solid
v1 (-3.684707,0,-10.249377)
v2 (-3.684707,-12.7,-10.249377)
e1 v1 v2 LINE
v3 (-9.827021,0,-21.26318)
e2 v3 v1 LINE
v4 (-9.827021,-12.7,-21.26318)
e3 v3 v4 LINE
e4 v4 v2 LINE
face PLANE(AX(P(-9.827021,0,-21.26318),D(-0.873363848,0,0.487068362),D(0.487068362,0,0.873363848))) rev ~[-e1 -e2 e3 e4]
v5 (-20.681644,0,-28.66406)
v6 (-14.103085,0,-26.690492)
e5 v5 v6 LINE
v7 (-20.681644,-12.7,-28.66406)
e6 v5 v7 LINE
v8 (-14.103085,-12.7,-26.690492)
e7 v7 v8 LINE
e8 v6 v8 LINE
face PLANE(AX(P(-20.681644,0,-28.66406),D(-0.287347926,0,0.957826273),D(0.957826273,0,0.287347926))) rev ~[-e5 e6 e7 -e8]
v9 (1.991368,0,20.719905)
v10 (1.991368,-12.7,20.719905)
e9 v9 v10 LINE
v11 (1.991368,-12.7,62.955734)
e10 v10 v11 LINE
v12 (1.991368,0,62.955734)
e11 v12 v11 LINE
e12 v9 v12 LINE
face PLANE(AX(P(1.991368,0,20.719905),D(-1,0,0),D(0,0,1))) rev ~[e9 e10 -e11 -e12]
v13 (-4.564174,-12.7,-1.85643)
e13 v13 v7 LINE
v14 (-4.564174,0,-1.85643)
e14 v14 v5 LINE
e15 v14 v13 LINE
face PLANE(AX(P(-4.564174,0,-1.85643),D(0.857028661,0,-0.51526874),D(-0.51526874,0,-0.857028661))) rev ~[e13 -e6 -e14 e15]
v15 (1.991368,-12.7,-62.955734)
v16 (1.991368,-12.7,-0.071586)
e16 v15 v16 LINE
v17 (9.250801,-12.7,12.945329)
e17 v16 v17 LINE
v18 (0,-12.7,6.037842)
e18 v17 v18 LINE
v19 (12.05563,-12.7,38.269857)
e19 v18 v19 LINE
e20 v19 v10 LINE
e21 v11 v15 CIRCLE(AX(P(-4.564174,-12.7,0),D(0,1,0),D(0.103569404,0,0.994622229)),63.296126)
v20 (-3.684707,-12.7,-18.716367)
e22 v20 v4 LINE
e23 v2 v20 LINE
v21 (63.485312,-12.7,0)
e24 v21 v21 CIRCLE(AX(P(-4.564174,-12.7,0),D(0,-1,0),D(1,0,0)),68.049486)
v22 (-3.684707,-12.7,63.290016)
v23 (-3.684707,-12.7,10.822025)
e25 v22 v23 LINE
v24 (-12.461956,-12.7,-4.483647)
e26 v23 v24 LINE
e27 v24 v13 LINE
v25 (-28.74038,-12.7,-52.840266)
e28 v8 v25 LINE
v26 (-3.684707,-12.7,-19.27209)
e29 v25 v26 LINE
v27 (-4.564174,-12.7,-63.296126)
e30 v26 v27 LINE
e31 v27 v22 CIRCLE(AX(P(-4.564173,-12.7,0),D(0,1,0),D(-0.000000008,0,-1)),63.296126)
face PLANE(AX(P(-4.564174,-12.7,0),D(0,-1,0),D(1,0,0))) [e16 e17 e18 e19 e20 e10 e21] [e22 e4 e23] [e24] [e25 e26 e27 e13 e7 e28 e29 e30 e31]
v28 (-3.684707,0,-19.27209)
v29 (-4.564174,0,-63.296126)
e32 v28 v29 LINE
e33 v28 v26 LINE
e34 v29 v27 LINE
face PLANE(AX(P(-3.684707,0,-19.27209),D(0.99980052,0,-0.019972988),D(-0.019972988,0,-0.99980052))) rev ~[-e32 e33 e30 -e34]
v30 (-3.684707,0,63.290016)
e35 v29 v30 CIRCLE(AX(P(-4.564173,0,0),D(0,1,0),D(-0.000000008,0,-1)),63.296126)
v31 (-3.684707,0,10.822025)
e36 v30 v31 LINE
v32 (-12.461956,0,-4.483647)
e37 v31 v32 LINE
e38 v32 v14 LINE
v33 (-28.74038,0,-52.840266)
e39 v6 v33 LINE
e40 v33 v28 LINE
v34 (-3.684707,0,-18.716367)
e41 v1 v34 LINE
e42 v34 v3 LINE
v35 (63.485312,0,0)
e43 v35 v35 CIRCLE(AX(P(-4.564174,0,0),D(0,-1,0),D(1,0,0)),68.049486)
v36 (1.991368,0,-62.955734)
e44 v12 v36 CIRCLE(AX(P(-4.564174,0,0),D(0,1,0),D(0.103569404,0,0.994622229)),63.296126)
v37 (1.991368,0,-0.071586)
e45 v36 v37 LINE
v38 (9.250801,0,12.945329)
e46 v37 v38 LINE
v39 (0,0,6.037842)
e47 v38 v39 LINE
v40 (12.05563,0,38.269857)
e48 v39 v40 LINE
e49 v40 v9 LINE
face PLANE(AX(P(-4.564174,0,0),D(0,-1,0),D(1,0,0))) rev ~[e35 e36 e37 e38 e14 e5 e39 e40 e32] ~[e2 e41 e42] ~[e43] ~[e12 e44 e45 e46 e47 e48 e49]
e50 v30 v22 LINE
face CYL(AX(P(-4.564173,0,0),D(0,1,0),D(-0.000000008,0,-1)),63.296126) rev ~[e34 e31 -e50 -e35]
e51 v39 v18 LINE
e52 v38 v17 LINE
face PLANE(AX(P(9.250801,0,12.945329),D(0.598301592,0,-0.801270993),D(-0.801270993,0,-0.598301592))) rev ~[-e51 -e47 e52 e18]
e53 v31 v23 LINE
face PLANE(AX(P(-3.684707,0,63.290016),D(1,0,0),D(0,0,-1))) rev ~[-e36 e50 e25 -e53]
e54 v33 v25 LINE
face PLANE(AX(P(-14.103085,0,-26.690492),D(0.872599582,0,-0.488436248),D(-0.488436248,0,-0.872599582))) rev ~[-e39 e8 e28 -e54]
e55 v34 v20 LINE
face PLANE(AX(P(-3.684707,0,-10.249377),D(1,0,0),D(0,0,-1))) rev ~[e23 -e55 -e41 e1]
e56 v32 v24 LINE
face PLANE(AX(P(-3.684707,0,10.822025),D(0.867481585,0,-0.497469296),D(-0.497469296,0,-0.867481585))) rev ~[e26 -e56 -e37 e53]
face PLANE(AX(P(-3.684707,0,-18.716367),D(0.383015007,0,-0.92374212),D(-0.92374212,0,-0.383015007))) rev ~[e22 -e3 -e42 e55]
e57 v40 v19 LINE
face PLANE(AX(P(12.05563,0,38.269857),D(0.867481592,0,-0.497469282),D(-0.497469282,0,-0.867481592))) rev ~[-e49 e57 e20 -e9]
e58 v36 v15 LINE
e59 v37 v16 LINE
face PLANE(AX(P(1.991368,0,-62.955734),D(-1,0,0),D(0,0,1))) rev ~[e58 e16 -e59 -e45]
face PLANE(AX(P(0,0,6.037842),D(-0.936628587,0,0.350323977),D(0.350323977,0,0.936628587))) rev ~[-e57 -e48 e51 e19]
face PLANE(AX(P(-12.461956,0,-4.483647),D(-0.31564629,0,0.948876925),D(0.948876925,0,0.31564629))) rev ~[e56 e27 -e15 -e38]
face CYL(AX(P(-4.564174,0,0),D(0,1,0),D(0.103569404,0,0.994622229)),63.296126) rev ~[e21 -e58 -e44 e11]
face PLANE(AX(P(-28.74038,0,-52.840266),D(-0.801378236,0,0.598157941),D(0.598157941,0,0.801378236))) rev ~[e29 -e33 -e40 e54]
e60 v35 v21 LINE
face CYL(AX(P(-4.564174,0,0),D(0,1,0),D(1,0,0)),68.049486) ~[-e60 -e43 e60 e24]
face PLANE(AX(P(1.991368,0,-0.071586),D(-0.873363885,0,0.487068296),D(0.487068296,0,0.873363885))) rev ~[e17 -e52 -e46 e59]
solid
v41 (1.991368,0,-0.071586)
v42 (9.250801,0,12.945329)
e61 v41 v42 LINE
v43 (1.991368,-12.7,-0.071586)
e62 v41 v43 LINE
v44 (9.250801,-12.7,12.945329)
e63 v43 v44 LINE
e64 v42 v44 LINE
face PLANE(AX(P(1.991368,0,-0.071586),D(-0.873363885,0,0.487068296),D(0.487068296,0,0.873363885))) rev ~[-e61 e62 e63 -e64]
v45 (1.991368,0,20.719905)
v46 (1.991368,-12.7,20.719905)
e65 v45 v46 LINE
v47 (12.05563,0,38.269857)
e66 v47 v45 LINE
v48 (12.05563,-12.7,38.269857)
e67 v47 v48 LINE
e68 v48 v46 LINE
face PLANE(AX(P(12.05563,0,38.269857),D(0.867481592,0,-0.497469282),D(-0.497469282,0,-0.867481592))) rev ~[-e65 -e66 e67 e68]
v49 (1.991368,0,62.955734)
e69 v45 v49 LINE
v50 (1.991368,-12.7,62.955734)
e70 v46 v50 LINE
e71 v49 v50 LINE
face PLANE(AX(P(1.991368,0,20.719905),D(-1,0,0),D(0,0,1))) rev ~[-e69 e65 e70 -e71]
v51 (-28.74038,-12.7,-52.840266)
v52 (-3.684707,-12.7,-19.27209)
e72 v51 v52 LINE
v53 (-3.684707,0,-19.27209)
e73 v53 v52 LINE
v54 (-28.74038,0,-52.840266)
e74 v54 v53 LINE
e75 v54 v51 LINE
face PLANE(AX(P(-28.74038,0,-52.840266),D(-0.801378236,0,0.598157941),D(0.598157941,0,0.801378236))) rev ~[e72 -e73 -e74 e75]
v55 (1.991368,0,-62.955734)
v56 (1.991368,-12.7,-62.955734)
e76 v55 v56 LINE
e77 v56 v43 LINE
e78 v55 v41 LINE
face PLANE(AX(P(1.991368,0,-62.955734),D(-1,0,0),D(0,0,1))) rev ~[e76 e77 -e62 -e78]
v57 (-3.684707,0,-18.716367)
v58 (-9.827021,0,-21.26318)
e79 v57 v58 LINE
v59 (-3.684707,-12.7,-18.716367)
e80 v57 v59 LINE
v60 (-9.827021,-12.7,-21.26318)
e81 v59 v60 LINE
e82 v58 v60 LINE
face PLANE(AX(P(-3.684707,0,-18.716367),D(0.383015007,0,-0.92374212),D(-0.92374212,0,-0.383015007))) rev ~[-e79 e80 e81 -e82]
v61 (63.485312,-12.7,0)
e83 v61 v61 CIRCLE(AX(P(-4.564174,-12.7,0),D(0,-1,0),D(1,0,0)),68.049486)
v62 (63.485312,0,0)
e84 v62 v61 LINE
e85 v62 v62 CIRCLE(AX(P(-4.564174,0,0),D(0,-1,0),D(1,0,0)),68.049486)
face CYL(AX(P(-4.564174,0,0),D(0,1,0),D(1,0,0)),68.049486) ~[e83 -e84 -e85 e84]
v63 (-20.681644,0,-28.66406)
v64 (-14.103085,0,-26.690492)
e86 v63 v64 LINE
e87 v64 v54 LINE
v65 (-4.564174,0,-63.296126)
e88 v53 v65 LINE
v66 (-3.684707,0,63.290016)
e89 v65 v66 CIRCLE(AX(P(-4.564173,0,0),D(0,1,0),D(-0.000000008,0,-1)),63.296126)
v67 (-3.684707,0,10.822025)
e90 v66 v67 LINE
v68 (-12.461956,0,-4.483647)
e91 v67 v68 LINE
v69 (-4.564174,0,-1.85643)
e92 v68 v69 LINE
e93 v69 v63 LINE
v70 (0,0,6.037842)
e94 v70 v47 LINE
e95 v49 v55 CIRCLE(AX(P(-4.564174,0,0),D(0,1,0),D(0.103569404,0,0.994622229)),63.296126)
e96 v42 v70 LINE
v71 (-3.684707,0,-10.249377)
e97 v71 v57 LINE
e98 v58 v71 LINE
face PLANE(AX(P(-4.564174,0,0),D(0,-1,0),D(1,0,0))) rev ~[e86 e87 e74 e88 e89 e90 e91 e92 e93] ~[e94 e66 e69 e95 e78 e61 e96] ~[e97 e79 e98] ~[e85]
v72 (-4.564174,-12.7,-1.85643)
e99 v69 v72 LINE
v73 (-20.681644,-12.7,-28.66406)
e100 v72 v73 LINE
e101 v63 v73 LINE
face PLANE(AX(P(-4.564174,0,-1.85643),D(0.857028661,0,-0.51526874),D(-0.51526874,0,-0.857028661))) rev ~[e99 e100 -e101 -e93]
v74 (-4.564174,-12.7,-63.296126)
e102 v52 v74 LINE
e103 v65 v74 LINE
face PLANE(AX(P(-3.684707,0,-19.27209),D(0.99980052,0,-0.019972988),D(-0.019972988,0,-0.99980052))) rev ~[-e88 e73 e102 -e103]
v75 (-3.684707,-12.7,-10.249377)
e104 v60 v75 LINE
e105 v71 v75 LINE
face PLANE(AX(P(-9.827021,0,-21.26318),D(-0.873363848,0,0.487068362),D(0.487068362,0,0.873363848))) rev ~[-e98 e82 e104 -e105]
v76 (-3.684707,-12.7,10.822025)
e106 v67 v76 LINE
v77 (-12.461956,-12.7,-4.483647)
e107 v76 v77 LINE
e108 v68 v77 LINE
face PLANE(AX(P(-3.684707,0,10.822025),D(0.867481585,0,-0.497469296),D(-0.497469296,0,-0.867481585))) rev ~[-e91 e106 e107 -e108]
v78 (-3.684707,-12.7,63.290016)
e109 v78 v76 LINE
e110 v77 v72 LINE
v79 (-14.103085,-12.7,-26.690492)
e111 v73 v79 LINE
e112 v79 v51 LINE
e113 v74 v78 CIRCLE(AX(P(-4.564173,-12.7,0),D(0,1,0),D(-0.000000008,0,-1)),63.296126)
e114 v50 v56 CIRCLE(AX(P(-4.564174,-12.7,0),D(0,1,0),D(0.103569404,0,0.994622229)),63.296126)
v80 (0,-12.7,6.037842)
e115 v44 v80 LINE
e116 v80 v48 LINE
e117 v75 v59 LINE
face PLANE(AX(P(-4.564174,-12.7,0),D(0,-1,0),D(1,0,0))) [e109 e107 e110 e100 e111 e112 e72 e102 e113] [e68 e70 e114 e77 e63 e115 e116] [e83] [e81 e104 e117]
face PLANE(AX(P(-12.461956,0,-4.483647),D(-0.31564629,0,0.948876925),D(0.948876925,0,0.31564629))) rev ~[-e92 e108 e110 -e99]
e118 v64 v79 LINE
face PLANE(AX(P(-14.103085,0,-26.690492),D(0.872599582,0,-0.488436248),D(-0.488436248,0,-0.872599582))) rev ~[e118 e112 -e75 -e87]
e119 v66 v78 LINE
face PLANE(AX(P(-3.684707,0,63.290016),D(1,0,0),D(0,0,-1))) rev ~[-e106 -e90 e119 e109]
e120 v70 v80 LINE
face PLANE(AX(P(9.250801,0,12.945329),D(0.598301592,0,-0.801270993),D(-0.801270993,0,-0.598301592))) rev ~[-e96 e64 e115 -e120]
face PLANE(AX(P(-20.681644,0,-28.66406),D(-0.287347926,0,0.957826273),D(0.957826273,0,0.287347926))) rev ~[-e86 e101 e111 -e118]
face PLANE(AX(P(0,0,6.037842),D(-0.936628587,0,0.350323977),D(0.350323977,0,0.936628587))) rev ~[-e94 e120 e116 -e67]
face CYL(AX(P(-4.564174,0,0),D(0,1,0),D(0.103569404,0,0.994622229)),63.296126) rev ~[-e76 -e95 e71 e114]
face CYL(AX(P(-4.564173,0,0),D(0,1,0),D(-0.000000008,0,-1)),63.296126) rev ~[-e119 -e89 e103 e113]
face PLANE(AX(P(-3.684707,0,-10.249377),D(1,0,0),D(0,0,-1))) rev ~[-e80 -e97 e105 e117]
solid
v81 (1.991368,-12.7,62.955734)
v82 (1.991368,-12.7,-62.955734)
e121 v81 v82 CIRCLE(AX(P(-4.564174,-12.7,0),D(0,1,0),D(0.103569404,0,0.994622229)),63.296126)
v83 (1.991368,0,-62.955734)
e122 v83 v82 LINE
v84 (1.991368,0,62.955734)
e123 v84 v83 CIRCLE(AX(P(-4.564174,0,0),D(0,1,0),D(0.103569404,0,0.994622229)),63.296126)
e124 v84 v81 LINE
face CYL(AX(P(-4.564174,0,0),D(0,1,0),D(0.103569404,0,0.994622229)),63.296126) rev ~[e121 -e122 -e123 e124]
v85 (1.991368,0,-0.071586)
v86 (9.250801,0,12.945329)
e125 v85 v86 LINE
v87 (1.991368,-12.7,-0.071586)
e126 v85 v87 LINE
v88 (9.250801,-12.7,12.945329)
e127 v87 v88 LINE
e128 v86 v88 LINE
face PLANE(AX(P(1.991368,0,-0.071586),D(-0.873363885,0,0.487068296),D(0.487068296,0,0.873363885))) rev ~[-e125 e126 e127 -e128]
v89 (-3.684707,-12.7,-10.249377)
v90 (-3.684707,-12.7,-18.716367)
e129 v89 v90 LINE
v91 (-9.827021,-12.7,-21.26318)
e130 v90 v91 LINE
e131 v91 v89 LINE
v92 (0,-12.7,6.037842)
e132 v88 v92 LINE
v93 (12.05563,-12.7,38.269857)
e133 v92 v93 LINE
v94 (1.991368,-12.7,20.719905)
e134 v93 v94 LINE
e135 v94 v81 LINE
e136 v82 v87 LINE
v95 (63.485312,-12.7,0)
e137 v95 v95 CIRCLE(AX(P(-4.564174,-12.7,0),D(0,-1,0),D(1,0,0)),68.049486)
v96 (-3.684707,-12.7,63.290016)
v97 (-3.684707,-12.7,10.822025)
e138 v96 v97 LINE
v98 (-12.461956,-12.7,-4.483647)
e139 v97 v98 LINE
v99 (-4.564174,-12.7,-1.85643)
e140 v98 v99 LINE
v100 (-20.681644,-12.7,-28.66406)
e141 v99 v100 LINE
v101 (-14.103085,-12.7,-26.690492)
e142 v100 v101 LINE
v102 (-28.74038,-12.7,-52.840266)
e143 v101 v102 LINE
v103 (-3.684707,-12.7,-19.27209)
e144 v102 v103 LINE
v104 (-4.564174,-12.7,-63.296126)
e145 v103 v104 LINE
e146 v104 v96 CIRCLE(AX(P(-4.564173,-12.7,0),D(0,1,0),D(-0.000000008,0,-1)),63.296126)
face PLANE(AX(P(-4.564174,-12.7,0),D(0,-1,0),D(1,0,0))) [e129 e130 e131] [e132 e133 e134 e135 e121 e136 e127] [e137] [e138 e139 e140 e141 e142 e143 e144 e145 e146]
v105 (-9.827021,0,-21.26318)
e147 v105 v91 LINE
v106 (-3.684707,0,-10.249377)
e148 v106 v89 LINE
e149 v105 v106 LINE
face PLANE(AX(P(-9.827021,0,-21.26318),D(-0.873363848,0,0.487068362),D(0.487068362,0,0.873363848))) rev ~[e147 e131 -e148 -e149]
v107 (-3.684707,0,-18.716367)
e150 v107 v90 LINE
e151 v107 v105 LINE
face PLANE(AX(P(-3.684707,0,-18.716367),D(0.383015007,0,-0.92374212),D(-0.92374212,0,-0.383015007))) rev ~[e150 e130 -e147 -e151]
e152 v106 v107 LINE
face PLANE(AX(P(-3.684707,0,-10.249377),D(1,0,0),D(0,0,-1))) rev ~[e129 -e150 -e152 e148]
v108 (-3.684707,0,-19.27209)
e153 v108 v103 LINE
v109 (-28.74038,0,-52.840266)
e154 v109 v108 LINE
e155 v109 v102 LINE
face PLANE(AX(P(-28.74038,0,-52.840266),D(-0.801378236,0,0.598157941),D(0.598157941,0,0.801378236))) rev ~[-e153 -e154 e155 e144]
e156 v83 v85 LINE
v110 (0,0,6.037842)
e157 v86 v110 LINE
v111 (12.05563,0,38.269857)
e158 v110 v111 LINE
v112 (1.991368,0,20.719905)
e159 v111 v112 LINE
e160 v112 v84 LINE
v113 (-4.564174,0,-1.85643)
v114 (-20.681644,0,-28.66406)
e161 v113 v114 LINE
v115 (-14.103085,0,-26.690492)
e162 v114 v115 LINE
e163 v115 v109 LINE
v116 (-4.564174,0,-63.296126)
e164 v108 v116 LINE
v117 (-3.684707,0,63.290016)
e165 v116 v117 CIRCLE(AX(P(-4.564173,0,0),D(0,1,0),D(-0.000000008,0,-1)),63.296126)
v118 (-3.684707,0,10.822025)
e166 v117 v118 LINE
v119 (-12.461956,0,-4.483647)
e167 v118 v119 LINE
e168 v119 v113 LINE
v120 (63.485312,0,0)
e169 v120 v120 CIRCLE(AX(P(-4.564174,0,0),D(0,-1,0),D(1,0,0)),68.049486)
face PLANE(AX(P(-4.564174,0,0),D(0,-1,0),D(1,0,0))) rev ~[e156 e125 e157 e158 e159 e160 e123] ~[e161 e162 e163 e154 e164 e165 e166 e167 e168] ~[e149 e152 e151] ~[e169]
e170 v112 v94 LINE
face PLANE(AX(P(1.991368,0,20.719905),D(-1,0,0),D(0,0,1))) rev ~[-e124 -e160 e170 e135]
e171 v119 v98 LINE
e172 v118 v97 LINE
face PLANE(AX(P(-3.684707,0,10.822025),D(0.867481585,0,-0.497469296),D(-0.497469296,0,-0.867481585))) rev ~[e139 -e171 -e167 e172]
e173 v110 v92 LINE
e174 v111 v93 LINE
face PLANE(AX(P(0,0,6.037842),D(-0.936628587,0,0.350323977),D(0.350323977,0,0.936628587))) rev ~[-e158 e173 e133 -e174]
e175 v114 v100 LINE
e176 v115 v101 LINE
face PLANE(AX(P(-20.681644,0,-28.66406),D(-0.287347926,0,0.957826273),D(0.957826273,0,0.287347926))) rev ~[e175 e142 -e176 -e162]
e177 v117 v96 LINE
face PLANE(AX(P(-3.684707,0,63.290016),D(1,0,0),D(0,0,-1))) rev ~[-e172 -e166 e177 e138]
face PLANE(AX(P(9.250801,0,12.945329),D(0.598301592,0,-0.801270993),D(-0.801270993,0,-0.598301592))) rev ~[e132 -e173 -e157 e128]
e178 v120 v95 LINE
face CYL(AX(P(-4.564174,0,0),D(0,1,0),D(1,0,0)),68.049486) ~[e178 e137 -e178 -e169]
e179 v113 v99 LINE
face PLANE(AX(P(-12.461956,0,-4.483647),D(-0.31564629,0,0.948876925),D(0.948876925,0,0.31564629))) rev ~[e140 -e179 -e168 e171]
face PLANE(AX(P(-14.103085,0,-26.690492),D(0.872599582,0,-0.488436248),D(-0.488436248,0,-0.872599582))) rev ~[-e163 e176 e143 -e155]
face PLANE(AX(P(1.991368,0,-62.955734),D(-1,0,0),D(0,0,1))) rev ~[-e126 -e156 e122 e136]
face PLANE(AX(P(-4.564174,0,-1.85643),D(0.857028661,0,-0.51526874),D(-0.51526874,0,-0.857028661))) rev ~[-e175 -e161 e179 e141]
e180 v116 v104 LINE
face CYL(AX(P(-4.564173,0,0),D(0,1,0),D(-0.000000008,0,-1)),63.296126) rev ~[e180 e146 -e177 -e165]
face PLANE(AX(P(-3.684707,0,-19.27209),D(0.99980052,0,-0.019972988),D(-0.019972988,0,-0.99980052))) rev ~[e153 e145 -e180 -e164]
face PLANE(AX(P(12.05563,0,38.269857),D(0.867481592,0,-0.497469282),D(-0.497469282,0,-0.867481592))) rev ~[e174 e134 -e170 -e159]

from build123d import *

# Parameters (mm, degrees)
F0_R     = 68.049486
F1_DEPTH = 12.7
F2_DEPTH = 12.7
F3_DEPTH = 12.7


with BuildPart() as f1:
    # F0 (on Front) → F1 (new body)
    with BuildSketch(Plane.XZ):
        with Locations((-4.564174, 0)):
            Circle(F0_R)
        with BuildLine():
            Line((-3.684707, 10.822025), (-12.461956, -4.483647))
            Line((-12.461956, -4.483647), (-4.564174, -1.85643))
            Line((-4.564174, -1.85643), (-20.681644, -28.66406))
            Line((-20.681644, -28.66406), (-14.103085, -26.690492))
            Line((-14.103085, -26.690492), (-28.74038, -52.840266))
            Line((-28.74038, -52.840266), (-3.684707, -19.27209))
            Line((-3.684707, -19.27209), (-4.564174, -63.296126))
            ThreePointArc((-4.564174, -63.296126), (-67.858772, 0.439744), (-3.684707, 63.290016))
            Line((-3.684707, 63.290016), (-3.684707, 10.822025))
        make_face(mode=Mode.SUBTRACT)
        Polygon((-3.684707, -10.249377), (-3.684707, -18.716367), (-9.827021, -21.26318), align=None, mode=Mode.SUBTRACT)
        with BuildLine():
            Line((0, 6.037842), (12.05563, 38.269857))
            Line((12.05563, 38.269857), (1.991368, 20.719905))
            Line((1.991368, 20.719905), (1.991368, 62.955734))
            ThreePointArc((1.991368, 62.955734), (58.731952, 0), (1.991368, -62.955734))
            Line((1.991368, -62.955734), (1.991368, -0.071586))
            Line((1.991368, -0.071586), (9.250801, 12.945329))
            Line((9.250801, 12.945329), (0, 6.037842))
        make_face(mode=Mode.SUBTRACT)
    extrude(amount=F1_DEPTH)


with BuildPart() as f2:
    # F0 (on Front) → F2 (new body)
    with BuildSketch(Plane.XZ):
        with Locations((-4.564174, 0)):
            Circle(F0_R)
        with BuildLine():
            Line((-3.684707, 10.822025), (-12.461956, -4.483647))
            Line((-12.461956, -4.483647), (-4.564174, -1.85643))
            Line((-4.564174, -1.85643), (-20.681644, -28.66406))
            Line((-20.681644, -28.66406), (-14.103085, -26.690492))
            Line((-14.103085, -26.690492), (-28.74038, -52.840266))
            Line((-28.74038, -52.840266), (-3.684707, -19.27209))
            Line((-3.684707, -19.27209), (-4.564174, -63.296126))
            ThreePointArc((-4.564174, -63.296126), (-67.858772, 0.439744), (-3.684707, 63.290016))
            Line((-3.684707, 63.290016), (-3.684707, 10.822025))
        make_face(mode=Mode.SUBTRACT)
        Polygon((-3.684707, -10.249377), (-3.684707, -18.716367), (-9.827021, -21.26318), align=None, mode=Mode.SUBTRACT)
        with BuildLine():
            Line((0, 6.037842), (12.05563, 38.269857))
            Line((12.05563, 38.269857), (1.991368, 20.719905))
            Line((1.991368, 20.719905), (1.991368, 62.955734))
            ThreePointArc((1.991368, 62.955734), (58.731952, 0), (1.991368, -62.955734))
            Line((1.991368, -62.955734), (1.991368, -0.071586))
            Line((1.991368, -0.071586), (9.250801, 12.945329))
            Line((9.250801, 12.945329), (0, 6.037842))
        make_face(mode=Mode.SUBTRACT)
    extrude(amount=F2_DEPTH)


with BuildPart() as f3:
    # F0 (on Front) → F3 (new body)
    with BuildSketch(Plane.XZ):
        with Locations((-4.564174, 0)):
            Circle(F0_R)
        with BuildLine():
            Line((-3.684707, 10.822025), (-12.461956, -4.483647))
            Line((-12.461956, -4.483647), (-4.564174, -1.85643))
            Line((-4.564174, -1.85643), (-20.681644, -28.66406))
            Line((-20.681644, -28.66406), (-14.103085, -26.690492))
            Line((-14.103085, -26.690492), (-28.74038, -52.840266))
            Line((-28.74038, -52.840266), (-3.684707, -19.27209))
            Line((-3.684707, -19.27209), (-4.564174, -63.296126))
            ThreePointArc((-4.564174, -63.296126), (-67.858772, 0.439744), (-3.684707, 63.290016))
            Line((-3.684707, 63.290016), (-3.684707, 10.822025))
        make_face(mode=Mode.SUBTRACT)
        Polygon((-3.684707, -10.249377), (-3.684707, -18.716367), (-9.827021, -21.26318), align=None, mode=Mode.SUBTRACT)
        with BuildLine():
            Line((0, 6.037842), (12.05563, 38.269857))
            Line((12.05563, 38.269857), (1.991368, 20.719905))
            Line((1.991368, 20.719905), (1.991368, 62.955734))
            ThreePointArc((1.991368, 62.955734), (58.731952, 0), (1.991368, -62.955734))
            Line((1.991368, -62.955734), (1.991368, -0.071586))
            Line((1.991368, -0.071586), (9.250801, 12.945329))
            Line((9.250801, 12.945329), (0, 6.037842))
        make_face(mode=Mode.SUBTRACT)
    extrude(amount=F3_DEPTH)


solid = Compound([f1.part, f2.part, f3.part])
